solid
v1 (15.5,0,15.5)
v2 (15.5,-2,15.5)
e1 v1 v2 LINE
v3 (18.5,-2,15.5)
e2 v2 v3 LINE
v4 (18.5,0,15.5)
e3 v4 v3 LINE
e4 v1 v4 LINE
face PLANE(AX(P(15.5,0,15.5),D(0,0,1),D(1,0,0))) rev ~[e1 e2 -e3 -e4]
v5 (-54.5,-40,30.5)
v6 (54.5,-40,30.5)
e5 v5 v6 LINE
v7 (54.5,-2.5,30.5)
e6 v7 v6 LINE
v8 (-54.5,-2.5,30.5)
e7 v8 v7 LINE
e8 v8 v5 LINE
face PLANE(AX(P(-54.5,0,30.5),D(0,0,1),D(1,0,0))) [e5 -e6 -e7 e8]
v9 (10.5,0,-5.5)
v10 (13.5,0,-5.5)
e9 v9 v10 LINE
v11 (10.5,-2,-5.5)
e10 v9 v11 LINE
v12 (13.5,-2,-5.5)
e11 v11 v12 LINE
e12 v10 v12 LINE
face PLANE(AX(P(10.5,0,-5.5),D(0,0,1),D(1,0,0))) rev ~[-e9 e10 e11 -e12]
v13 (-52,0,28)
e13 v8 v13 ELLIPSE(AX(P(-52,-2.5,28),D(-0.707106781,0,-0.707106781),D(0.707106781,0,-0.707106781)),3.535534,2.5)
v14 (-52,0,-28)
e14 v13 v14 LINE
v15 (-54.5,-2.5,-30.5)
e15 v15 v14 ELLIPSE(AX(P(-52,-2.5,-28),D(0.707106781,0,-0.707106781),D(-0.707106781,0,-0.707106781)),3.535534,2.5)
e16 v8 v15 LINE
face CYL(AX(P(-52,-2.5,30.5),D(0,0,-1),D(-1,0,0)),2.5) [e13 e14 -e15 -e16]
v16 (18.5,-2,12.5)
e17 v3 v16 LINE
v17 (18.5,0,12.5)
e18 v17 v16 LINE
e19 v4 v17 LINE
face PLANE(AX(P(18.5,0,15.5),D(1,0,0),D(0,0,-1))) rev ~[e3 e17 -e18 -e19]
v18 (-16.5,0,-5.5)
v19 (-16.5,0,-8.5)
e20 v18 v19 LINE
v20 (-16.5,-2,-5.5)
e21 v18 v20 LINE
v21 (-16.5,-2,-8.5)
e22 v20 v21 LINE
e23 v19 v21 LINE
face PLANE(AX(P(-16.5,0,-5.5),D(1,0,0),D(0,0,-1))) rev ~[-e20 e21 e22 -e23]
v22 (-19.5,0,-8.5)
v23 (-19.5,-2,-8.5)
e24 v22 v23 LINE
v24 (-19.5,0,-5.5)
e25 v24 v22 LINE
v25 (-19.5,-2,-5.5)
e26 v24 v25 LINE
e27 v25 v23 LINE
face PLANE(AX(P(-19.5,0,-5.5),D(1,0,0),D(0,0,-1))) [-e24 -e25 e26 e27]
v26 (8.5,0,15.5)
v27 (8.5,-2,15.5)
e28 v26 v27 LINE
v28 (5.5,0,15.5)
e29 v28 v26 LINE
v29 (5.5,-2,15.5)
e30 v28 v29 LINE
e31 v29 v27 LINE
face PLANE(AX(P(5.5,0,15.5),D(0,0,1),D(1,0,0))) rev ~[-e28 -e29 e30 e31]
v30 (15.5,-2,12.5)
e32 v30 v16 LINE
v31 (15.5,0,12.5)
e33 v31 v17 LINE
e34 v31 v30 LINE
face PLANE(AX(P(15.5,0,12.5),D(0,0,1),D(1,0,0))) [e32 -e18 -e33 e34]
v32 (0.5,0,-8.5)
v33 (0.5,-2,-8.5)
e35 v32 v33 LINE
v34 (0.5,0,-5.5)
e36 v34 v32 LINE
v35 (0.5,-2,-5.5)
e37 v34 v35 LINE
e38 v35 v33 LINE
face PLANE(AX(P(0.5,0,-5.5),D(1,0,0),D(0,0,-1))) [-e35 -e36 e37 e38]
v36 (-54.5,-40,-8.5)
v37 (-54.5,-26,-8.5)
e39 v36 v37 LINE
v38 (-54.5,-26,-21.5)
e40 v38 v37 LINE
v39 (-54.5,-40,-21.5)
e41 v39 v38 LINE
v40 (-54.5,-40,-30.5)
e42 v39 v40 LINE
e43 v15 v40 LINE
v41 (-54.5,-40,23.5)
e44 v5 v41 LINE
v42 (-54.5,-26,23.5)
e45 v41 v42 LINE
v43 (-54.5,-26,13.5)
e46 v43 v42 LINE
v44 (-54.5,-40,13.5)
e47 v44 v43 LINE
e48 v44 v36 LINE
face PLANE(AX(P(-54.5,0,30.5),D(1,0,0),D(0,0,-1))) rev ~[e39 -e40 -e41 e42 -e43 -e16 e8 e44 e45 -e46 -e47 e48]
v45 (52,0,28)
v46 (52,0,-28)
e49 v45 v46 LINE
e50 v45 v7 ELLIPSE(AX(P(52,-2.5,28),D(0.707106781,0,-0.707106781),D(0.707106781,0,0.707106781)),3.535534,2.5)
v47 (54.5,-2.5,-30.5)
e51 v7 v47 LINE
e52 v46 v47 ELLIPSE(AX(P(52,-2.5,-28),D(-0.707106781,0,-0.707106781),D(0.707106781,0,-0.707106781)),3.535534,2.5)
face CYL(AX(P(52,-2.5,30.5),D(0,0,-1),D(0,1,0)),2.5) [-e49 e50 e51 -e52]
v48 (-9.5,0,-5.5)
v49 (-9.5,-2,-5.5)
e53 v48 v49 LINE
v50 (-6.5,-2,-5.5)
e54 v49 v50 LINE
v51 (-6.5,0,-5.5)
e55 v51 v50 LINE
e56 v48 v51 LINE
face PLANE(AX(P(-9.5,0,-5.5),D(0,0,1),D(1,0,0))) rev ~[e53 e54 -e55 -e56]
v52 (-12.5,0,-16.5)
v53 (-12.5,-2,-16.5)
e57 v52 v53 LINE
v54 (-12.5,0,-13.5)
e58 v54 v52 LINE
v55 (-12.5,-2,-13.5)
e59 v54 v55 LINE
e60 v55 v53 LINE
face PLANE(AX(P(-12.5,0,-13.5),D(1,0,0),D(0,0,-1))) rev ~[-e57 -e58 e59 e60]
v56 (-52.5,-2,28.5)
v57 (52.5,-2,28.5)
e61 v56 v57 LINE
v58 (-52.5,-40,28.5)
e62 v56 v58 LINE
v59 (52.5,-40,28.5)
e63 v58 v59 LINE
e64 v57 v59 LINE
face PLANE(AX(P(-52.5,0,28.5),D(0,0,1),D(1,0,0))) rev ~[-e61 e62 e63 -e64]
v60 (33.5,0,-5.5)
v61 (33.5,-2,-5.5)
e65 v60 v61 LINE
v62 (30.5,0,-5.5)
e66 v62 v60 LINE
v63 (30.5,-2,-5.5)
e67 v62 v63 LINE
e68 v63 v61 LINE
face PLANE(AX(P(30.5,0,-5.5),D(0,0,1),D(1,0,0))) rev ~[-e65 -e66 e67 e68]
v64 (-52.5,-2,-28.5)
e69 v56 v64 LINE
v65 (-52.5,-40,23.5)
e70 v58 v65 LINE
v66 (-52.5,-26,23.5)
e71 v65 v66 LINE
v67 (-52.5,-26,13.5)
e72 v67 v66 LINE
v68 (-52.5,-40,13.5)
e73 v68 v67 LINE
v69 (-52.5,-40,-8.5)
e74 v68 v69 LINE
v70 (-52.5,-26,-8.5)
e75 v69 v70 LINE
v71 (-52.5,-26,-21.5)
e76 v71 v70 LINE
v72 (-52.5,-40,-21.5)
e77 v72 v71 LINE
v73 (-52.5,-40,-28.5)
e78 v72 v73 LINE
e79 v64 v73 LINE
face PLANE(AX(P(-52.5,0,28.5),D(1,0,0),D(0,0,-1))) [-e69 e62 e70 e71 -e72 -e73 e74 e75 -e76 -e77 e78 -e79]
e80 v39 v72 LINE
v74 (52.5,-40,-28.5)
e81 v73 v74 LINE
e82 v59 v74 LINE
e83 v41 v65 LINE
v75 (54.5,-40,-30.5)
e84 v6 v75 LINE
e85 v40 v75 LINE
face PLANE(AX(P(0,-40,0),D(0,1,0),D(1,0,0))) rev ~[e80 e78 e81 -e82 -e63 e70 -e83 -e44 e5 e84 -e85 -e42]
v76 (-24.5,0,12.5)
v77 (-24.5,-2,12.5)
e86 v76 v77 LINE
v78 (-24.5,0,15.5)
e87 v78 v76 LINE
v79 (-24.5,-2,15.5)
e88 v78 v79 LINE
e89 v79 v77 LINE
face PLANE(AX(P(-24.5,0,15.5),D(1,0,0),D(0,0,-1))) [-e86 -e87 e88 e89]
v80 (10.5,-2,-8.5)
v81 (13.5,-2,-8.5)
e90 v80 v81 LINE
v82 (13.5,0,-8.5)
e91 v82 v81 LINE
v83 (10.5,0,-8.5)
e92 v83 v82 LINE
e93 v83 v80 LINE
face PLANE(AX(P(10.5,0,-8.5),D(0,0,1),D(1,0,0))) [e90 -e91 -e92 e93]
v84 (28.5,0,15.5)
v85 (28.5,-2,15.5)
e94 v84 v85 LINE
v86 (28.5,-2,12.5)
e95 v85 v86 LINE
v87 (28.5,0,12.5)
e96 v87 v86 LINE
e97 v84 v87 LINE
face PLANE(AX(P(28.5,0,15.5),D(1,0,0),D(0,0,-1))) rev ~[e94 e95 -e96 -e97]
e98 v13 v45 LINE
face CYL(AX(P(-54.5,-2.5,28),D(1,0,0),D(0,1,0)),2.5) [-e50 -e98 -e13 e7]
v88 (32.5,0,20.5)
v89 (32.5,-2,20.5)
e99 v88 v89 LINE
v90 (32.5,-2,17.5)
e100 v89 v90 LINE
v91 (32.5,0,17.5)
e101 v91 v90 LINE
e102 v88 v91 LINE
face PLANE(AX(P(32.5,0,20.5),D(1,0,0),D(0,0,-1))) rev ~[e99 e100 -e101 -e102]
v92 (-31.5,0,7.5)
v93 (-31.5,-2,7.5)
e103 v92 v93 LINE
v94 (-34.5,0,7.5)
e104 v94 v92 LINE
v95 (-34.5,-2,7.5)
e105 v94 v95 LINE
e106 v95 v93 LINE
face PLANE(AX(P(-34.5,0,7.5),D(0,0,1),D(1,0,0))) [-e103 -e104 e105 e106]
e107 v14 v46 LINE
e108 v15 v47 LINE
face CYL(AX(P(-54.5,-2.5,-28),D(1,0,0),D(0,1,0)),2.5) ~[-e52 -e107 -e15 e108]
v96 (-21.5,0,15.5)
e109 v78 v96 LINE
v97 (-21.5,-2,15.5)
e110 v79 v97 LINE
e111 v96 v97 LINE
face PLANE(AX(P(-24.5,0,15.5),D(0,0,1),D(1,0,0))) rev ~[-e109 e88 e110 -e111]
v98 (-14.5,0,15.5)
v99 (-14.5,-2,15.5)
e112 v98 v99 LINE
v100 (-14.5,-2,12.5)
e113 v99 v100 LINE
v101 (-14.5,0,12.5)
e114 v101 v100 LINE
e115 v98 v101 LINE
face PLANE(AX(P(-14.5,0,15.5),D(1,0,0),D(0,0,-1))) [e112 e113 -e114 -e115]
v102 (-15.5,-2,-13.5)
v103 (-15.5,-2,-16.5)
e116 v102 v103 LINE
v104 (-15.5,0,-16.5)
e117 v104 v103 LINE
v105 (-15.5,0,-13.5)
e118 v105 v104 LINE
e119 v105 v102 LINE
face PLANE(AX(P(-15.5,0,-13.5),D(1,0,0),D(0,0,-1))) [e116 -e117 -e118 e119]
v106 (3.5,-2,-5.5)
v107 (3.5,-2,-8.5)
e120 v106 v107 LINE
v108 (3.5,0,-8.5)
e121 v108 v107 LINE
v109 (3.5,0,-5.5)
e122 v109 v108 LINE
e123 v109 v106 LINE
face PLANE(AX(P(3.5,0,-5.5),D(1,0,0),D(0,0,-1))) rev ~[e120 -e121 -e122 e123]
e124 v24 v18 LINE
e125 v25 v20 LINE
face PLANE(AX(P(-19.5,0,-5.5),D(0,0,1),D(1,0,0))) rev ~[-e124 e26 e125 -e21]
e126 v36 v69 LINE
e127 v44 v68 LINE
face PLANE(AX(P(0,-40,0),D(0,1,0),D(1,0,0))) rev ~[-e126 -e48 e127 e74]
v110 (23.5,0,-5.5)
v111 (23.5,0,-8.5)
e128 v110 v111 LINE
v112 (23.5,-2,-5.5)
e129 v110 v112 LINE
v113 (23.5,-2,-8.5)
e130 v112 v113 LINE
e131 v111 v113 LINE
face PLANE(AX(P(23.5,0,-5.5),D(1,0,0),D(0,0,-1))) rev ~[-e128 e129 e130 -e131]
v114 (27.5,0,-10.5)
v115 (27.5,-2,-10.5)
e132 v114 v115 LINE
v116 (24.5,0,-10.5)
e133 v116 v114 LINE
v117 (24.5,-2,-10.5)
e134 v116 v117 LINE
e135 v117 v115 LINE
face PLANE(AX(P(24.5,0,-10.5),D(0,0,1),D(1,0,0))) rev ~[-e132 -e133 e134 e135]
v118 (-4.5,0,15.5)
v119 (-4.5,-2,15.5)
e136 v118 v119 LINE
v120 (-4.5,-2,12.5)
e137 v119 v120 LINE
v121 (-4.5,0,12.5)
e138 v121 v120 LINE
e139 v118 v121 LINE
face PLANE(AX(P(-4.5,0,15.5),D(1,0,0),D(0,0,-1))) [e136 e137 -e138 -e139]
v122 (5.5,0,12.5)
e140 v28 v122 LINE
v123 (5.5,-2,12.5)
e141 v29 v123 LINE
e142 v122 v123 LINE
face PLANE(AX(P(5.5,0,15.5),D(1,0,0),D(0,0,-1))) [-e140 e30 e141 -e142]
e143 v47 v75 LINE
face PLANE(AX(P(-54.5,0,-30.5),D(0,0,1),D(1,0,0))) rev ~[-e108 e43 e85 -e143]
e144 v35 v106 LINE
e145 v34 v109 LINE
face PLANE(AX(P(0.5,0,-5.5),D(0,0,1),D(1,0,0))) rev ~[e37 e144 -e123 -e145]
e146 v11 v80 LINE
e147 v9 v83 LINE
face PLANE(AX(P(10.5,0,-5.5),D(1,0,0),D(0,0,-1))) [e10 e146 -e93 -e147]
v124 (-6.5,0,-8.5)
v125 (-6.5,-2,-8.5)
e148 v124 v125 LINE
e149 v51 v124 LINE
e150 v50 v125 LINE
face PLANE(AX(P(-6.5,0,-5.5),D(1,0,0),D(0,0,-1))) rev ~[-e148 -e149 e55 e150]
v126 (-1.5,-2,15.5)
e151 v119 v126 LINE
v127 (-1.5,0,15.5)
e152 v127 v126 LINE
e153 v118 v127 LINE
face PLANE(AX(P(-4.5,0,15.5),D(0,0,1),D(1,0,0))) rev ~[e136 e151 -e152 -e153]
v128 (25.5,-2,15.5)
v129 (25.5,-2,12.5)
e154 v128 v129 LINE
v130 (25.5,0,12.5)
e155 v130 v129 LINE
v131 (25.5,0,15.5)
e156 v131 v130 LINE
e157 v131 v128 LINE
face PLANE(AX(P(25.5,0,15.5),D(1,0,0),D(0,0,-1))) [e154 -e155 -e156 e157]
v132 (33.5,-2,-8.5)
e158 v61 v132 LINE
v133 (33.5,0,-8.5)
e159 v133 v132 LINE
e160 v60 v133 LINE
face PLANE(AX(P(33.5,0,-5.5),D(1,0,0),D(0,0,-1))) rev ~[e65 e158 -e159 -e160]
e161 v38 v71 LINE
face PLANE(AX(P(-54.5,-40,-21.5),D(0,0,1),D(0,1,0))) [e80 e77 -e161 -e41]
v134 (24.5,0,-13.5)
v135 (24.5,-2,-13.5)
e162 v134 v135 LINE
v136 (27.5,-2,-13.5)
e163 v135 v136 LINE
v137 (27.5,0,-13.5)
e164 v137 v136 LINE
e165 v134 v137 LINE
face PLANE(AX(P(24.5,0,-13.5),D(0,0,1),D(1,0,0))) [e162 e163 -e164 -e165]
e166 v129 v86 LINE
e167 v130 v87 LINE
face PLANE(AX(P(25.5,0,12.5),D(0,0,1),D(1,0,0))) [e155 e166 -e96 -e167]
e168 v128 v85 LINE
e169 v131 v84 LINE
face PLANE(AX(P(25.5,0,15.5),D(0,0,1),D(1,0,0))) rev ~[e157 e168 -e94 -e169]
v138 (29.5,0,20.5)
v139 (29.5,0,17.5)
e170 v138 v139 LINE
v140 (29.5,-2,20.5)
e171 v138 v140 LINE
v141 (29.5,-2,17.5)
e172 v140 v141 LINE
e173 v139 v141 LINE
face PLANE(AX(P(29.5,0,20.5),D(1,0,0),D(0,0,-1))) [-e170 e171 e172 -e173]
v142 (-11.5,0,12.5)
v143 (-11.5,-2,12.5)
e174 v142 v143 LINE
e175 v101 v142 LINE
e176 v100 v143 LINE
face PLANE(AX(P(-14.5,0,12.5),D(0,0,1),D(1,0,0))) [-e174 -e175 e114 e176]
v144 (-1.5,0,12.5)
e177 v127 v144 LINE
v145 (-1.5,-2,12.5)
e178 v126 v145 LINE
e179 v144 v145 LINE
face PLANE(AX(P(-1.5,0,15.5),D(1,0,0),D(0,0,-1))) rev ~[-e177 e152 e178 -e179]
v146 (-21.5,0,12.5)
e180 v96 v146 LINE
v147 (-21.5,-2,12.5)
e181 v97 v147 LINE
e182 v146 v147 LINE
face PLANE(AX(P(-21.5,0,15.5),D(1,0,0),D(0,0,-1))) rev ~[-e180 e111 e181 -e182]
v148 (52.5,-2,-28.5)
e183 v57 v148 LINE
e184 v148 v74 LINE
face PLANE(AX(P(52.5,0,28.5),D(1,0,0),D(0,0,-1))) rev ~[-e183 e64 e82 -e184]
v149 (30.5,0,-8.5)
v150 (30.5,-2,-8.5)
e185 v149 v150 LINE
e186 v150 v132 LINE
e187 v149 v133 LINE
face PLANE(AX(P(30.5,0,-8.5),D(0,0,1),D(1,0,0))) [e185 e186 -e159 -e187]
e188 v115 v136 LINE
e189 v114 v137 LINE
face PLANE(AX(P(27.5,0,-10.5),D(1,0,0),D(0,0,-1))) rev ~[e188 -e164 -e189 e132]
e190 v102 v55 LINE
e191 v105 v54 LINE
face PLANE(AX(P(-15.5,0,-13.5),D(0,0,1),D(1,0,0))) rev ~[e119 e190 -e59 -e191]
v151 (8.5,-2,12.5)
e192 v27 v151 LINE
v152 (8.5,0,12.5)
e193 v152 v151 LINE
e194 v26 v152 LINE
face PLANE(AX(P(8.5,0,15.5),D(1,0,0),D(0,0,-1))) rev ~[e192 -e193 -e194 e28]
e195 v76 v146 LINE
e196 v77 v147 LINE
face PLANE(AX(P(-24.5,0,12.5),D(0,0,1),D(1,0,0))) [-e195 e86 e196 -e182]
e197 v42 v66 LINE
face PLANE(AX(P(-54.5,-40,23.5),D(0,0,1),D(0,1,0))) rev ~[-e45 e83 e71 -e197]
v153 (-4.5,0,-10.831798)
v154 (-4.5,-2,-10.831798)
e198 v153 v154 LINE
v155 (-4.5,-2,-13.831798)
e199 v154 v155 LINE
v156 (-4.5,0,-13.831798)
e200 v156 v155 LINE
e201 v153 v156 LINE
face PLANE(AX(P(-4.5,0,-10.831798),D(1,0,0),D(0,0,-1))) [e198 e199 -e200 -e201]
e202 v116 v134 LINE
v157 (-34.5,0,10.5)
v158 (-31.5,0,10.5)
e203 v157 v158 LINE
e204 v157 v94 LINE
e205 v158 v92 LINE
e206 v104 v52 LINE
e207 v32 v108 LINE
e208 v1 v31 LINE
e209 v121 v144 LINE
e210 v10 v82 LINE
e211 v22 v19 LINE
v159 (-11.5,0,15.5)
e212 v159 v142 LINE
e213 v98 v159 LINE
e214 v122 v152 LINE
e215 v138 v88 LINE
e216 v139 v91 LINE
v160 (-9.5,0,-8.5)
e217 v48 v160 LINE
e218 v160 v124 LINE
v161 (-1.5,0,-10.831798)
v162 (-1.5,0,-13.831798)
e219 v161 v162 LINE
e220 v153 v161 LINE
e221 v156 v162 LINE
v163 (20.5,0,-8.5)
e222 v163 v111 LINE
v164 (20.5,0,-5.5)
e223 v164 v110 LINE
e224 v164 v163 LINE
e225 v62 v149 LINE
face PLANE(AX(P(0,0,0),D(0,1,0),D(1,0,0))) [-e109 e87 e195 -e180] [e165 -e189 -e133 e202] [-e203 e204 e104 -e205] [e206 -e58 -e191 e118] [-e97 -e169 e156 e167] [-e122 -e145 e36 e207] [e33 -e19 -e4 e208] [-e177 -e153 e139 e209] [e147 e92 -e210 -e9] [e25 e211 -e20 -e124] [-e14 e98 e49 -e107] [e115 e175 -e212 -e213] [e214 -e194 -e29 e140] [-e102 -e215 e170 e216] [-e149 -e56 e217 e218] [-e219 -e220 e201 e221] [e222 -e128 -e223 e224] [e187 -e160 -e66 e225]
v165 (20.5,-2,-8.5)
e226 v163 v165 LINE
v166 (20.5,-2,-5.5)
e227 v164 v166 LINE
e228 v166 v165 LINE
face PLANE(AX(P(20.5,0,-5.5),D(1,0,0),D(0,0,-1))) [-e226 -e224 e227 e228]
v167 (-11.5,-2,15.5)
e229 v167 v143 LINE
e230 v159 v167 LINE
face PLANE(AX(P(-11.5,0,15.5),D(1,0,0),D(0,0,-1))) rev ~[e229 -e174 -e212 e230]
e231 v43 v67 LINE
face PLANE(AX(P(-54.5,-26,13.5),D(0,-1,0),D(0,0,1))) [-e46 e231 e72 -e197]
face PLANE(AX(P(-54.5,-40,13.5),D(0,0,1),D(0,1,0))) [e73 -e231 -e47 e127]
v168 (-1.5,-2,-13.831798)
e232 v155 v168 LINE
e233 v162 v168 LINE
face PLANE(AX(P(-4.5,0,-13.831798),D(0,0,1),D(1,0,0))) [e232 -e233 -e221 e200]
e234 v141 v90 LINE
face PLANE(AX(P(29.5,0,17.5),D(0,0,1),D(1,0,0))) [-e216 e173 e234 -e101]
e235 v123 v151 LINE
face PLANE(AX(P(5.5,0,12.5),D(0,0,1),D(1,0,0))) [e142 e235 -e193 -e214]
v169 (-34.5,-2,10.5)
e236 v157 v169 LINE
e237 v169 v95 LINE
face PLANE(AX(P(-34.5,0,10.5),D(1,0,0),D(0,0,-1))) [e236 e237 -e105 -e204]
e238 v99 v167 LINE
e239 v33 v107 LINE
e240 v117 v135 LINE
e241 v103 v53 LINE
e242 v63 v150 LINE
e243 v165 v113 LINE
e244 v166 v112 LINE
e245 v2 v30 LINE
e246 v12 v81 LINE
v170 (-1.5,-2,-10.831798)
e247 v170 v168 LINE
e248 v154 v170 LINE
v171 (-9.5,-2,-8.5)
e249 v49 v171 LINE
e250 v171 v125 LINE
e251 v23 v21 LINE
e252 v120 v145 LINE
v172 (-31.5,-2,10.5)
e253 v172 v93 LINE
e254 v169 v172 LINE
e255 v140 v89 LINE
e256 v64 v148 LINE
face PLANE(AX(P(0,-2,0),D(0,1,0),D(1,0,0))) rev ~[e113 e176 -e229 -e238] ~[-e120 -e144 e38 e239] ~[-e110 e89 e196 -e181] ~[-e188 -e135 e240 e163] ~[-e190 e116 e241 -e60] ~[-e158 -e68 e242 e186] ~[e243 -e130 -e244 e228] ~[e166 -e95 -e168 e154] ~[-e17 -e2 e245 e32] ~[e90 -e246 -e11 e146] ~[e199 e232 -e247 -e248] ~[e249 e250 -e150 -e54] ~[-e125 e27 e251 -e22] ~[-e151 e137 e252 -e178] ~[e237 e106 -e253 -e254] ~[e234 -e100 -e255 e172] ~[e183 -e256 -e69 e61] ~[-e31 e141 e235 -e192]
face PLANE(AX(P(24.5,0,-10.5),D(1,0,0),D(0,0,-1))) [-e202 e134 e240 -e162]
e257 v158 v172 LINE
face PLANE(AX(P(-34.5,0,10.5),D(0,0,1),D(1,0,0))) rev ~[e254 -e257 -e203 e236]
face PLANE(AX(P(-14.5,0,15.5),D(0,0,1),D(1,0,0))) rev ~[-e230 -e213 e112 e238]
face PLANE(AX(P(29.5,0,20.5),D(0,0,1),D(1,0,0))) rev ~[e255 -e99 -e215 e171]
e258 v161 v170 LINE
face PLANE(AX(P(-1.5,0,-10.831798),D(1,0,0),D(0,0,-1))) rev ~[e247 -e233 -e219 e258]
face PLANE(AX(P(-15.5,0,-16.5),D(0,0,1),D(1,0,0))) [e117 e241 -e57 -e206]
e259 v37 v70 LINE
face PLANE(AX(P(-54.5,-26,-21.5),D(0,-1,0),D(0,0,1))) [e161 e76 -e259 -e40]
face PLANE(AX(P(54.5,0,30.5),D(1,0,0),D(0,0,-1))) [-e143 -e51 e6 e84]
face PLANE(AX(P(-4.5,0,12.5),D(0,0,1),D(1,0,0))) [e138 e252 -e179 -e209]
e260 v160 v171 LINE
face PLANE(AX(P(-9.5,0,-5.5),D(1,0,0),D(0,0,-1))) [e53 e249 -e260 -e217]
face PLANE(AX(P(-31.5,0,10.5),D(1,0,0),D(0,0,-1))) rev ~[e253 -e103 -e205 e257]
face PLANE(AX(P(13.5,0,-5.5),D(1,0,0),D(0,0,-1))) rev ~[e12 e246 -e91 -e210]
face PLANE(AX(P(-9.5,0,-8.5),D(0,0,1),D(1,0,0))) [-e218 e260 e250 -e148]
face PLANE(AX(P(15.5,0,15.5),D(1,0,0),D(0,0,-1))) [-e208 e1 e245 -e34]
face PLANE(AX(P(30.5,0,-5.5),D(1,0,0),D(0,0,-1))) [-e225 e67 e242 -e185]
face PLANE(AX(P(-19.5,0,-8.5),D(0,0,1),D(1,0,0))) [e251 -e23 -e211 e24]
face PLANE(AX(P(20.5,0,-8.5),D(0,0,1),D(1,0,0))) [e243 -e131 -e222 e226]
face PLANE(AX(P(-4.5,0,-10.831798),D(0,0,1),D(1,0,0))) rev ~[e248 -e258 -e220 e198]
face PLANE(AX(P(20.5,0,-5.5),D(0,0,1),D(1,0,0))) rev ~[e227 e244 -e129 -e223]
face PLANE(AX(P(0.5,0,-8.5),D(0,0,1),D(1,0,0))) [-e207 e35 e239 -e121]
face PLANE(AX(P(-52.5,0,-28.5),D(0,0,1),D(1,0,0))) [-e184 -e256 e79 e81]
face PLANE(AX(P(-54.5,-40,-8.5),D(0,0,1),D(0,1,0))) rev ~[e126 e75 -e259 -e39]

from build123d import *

# Parameters (mm, degrees)
SKETCH1_W           = 105
SKETCH1_H           = 57
BOSS_EXTRUDE1_DEPTH = 2
SKETCH2_W           = 109
SKETCH2_H           = 61
SKETCH2_W_2         = 105
SKETCH2_H_2         = 57
BOSS_EXTRUDE2_DEPTH = 40
SKETCH3_W           = 13
SKETCH3_H           = 14
SKETCH3_W_2         = 10
CUT_EXTRUDE1_DEPTH  = 2
SKETCH4_W           = 3
SKETCH4_H           = 3
CUT_EXTRUDE2_DEPTH  = 2
LPATTERN1_COUNT     = 6
LPATTERN1_PITCH     = 10
SKETCH5_W           = 3
SKETCH5_H           = 3
CUT_EXTRUDE3_DEPTH  = 2
LPATTERN2_COUNT     = 6
LPATTERN2_PITCH     = 10
SKETCH6_W           = 3
SKETCH6_H           = 3
CUT_EXTRUDE4_DEPTH  = 2
SKETCH7_W           = 3
SKETCH7_H           = 3
CUT_EXTRUDE5_DEPTH  = 2
FILLET2_R           = 2.5


with BuildPart() as part:
    # Sketch1 → Boss-Extrude1 (new body)
    with BuildSketch(Plane(origin=(0, 0, 0), x_dir=(1, 0, 0), z_dir=(0, 1, 0))):
        Rectangle(SKETCH1_W, SKETCH1_H)
    extrude(amount=-BOSS_EXTRUDE1_DEPTH)

    # Sketch2 → Boss-Extrude2 (add)
    with BuildSketch(Plane(origin=(0, 0, 0), x_dir=(1, 0, 0), z_dir=(0, 1, 0))):
        Rectangle(SKETCH2_W, SKETCH2_H)
        Rectangle(SKETCH2_W_2, SKETCH2_H_2, mode=Mode.SUBTRACT)
    extrude(amount=-BOSS_EXTRUDE2_DEPTH)

    # Sketch3 → Cut-Extrude1 (cut)
    with BuildSketch(Plane.ZY.offset(54.5)):
        with Locations((-15, -33)):
            Rectangle(SKETCH3_W, SKETCH3_H)
        with Locations((18.5, -33)):
            Rectangle(SKETCH3_W_2, SKETCH3_H)
    extrude(amount=-CUT_EXTRUDE1_DEPTH, mode=Mode.SUBTRACT)

    # Sketch4 → Cut-Extrude2 (cut)
    with BuildSketch(Plane(origin=(0, 0, 0), x_dir=(1, 0, 0), z_dir=(0, 1, 0))):
        with Locations((-23, -14)):
            Rectangle(SKETCH4_W, SKETCH4_H)
    cut_extrude2 = extrude(amount=-CUT_EXTRUDE2_DEPTH, mode=Mode.SUBTRACT)

    # LPattern1: Cut-Extrude2 ×6
    with Locations(*[(i * LPATTERN1_PITCH, 0, 0) for i in range(1, LPATTERN1_COUNT)]):
        add(cut_extrude2, mode=Mode.SUBTRACT)

    # Sketch5 → Cut-Extrude3 (cut)
    with BuildSketch(Plane(origin=(0, 0, 0), x_dir=(1, 0, 0), z_dir=(0, 1, 0))):
        with Locations((-18, 7)):
            Rectangle(SKETCH5_W, SKETCH5_H)
    cut_extrude3 = extrude(amount=-CUT_EXTRUDE3_DEPTH, mode=Mode.SUBTRACT)

    # LPattern2: Cut-Extrude3 ×6
    with Locations(*[(i * LPATTERN2_PITCH, 0, 0) for i in range(1, LPATTERN2_COUNT)]):
        add(cut_extrude3, mode=Mode.SUBTRACT)

    # Sketch6 → Cut-Extrude4 (cut)
    with BuildSketch(Plane(origin=(0, 0, 0), x_dir=(1, 0, 0), z_dir=(0, 1, 0))):
        with Locations((-14, 15)):
            Rectangle(SKETCH6_W, SKETCH6_H)
        with Locations((-3, 12.331798483)):
            Rectangle(SKETCH6_W, SKETCH6_H)
    extrude(amount=-CUT_EXTRUDE4_DEPTH, mode=Mode.SUBTRACT)

    # Sketch7 → Cut-Extrude5 (cut)
    with BuildSketch(Plane(origin=(0, 0, 0), x_dir=(1, 0, 0), z_dir=(0, 1, 0))):
        with Locations((-33, -9)):
            Rectangle(SKETCH7_W, SKETCH7_H)
        with Locations((26, 12)):
            Rectangle(SKETCH7_W, SKETCH7_H)
        with Locations((31, -19)):
            Rectangle(SKETCH7_W, SKETCH7_H)
    extrude(amount=-CUT_EXTRUDE5_DEPTH, mode=Mode.SUBTRACT)

    # Fillet2
    fillet2_edges = [part.edges().sort_by_distance(p)[0] for p in [
        (-54.5, 0, 0),
        (0, 0, 30.5),
        (54.5, 0, 0),
        (0, 0, -30.5),
    ]]
    fillet(fillet2_edges, radius=FILLET2_R)


solid = part.part
